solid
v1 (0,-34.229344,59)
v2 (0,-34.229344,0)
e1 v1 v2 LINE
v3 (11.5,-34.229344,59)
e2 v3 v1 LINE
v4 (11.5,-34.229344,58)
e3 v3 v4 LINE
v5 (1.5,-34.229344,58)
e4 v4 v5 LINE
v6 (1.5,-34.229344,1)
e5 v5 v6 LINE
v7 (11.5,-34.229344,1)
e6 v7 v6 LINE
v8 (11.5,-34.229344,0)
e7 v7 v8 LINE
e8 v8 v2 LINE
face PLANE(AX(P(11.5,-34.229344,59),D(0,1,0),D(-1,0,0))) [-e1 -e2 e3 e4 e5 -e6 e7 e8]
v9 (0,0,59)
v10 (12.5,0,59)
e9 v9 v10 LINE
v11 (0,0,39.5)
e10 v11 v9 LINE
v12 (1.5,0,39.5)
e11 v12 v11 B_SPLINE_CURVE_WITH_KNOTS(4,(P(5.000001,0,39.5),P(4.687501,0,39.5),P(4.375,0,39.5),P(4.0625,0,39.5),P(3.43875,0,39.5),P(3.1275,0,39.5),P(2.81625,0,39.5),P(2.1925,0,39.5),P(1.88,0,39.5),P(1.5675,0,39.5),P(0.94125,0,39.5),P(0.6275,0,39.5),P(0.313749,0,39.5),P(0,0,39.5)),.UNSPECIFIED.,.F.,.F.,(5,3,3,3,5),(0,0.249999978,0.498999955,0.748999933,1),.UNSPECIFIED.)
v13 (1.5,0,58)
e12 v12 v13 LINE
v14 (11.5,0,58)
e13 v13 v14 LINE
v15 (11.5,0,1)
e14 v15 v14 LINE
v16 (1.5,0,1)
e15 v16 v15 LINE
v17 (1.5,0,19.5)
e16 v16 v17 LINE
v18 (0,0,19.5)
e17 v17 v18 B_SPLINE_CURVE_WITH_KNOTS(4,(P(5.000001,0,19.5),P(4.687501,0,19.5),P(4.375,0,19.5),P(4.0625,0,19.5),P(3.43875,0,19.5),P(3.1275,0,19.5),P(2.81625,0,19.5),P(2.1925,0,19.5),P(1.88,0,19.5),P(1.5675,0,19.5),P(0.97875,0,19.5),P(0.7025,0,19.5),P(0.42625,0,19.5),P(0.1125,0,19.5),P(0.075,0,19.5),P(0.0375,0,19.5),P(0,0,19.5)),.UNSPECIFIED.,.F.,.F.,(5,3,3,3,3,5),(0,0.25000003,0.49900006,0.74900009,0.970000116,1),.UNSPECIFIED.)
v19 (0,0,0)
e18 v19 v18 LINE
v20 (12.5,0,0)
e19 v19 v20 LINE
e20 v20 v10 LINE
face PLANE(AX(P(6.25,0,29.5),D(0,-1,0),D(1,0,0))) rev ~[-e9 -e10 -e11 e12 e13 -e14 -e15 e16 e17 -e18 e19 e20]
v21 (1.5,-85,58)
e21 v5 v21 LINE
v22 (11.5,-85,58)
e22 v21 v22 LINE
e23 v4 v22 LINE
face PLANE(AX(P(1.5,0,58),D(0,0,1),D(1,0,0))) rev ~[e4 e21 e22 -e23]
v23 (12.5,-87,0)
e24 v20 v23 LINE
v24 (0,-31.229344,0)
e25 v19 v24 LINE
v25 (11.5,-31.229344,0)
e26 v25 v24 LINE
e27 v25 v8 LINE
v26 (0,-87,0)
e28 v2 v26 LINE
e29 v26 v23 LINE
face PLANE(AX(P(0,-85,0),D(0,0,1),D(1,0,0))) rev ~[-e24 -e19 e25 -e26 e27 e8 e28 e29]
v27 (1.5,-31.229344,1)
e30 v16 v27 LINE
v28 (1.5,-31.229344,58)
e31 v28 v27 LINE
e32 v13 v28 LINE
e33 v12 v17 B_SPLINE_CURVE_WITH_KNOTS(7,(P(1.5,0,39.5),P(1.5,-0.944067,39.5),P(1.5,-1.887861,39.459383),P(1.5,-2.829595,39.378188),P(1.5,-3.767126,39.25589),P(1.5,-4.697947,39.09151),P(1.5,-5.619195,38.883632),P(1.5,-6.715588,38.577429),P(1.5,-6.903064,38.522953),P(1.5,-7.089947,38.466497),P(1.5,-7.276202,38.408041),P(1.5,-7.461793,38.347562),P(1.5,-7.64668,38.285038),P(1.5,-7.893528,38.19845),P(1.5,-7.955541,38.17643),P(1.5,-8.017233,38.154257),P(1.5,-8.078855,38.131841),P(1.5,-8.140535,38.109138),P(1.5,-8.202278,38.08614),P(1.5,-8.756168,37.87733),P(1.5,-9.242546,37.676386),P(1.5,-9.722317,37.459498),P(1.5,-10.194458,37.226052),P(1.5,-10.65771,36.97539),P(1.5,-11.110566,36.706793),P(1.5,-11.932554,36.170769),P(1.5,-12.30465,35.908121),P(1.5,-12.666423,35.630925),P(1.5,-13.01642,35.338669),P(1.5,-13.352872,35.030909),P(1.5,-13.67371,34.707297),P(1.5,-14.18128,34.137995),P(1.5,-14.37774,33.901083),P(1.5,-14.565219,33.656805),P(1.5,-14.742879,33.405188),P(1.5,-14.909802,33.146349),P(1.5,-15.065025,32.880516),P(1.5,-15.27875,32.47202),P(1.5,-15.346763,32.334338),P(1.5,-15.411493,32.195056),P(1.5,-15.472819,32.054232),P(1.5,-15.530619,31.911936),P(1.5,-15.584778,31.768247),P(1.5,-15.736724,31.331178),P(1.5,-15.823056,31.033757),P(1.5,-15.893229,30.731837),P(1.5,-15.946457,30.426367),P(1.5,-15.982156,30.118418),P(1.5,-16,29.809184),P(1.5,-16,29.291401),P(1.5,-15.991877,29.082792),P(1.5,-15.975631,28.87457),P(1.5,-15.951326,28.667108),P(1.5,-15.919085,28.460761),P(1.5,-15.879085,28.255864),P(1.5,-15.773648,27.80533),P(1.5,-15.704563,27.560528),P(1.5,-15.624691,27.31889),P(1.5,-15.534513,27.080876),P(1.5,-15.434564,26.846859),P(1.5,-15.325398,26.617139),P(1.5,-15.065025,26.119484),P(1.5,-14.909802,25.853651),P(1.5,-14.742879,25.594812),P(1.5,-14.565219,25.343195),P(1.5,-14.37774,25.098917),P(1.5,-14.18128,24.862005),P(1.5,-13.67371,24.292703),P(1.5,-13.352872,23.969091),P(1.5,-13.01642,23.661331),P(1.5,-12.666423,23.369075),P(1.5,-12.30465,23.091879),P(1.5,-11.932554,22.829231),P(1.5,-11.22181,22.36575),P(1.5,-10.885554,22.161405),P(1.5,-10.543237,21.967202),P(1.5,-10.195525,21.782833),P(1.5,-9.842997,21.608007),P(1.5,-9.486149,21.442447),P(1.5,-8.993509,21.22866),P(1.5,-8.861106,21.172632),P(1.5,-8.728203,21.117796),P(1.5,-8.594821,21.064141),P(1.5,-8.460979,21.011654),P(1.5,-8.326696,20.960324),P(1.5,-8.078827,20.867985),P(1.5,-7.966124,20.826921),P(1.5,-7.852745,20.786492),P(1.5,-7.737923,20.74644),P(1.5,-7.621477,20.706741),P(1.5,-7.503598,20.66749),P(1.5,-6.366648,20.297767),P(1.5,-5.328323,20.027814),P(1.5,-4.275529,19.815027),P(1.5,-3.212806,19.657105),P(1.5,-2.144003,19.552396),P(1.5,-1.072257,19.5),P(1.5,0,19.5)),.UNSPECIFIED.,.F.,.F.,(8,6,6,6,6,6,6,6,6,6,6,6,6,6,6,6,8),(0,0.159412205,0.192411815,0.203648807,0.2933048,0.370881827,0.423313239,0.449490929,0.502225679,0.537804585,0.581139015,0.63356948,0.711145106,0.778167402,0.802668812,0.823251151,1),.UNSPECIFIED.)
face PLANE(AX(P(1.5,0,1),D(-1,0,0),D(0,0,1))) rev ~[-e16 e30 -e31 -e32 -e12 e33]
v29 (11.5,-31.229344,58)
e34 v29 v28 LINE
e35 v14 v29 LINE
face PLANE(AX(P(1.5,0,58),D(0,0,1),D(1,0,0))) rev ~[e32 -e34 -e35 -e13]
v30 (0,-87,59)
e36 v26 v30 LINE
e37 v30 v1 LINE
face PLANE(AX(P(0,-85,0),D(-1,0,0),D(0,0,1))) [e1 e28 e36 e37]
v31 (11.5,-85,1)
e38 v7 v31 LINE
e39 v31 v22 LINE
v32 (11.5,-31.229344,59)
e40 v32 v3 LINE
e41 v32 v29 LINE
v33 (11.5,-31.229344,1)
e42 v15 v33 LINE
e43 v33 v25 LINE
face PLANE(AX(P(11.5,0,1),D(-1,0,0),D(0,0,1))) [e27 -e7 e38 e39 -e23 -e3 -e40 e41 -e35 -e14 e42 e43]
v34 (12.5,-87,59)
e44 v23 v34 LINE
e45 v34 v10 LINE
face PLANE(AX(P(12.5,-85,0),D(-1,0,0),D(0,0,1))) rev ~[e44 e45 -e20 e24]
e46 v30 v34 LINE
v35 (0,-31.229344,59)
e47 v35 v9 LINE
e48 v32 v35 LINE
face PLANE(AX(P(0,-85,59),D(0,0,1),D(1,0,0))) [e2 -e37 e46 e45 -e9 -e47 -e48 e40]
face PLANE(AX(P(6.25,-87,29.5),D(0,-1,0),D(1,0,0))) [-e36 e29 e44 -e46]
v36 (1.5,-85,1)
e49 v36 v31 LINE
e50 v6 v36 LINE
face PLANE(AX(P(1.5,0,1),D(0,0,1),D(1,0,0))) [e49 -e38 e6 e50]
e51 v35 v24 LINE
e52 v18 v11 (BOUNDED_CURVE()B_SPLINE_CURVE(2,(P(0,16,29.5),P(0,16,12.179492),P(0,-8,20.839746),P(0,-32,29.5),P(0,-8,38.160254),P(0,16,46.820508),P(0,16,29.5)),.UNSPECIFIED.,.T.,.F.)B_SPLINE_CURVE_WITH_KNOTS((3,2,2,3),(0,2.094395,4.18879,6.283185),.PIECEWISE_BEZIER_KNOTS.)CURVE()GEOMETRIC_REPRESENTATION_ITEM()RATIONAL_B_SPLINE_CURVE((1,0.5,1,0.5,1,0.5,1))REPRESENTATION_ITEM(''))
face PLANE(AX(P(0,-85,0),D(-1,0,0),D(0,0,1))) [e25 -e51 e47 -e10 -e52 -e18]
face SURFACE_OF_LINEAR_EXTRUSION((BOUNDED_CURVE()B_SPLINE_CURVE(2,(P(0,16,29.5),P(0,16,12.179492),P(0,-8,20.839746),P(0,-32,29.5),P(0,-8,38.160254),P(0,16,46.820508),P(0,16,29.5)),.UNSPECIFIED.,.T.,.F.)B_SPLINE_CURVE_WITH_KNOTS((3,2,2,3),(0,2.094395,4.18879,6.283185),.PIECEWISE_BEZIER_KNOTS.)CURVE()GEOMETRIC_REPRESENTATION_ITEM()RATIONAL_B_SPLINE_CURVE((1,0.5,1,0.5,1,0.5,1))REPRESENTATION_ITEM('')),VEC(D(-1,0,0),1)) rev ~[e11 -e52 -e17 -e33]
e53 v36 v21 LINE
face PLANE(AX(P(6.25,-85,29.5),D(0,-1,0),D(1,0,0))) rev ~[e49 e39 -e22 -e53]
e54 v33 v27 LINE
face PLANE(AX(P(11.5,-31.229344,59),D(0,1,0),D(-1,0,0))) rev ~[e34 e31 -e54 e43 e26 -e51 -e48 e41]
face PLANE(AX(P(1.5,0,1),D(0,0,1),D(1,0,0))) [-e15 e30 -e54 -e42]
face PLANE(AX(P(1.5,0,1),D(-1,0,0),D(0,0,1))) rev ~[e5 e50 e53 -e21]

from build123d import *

# Parameters (mm, degrees)
SKETCH_W        = 12.5
SKETCH_H        = 59
SKETCH_W_2      = 10
SKETCH_H_2      = 57
PAD_DEPTH       = 85
SKETCH001_W     = 12.5
SKETCH001_H     = 59
PAD001_DEPTH    = 2
POCKET_DEPTH    = 5
SKETCH003_W     = 20.915616
SKETCH003_H     = 3
POCKET001_DEPTH = 59.001


with BuildPart() as part:
    # Sketch → Pad (new body)
    with BuildSketch(Plane.XZ):
        with Locations((6.25, 29.5)):
            Rectangle(SKETCH_W, SKETCH_H)
        with Locations((6.5, 29.5)):
            Rectangle(SKETCH_W_2, SKETCH_H_2, mode=Mode.SUBTRACT)
    extrude(amount=PAD_DEPTH)

    # Sketch001 → Pad001 (new body)
    with BuildSketch(Plane.XZ.offset(85)):
        with Locations((6.25, 29.5)):
            Rectangle(SKETCH001_W, SKETCH001_H)
    extrude(amount=PAD001_DEPTH)

    # Sketch002 → Pocket (cut)
    with BuildSketch(Plane(origin=(0, 0, 0), x_dir=(0, 0, -1), z_dir=(-1, 0, 0))):
        with BuildLine():
            add(Edge.make_bspline(
                [(-29.5, -16), (-12.179492, -16), (-20.839746, 8), (-29.5, 32), (-38.160254, 8), (-46.820508, -16), (-29.5, -16)],
                knots=[0, 0, 0, 2.094395, 2.094395, 4.18879, 4.18879, 6.283185, 6.283185, 6.283185], degree=2, weights=[1, 0.5, 1, 0.5, 1, 0.5, 1]))
        make_face()
    extrude(amount=-POCKET_DEPTH, mode=Mode.SUBTRACT)

    # Sketch003 → Pocket001 (cut, through all)
    with BuildSketch(Plane(origin=(0, 0, 59), x_dir=(-1, 0, 0), z_dir=(0, 0, 1))):
        with Locations((-1.042192, 32.729344)):
            Rectangle(SKETCH003_W, SKETCH003_H)
    extrude(amount=-POCKET001_DEPTH, mode=Mode.SUBTRACT)


solid = part.part
